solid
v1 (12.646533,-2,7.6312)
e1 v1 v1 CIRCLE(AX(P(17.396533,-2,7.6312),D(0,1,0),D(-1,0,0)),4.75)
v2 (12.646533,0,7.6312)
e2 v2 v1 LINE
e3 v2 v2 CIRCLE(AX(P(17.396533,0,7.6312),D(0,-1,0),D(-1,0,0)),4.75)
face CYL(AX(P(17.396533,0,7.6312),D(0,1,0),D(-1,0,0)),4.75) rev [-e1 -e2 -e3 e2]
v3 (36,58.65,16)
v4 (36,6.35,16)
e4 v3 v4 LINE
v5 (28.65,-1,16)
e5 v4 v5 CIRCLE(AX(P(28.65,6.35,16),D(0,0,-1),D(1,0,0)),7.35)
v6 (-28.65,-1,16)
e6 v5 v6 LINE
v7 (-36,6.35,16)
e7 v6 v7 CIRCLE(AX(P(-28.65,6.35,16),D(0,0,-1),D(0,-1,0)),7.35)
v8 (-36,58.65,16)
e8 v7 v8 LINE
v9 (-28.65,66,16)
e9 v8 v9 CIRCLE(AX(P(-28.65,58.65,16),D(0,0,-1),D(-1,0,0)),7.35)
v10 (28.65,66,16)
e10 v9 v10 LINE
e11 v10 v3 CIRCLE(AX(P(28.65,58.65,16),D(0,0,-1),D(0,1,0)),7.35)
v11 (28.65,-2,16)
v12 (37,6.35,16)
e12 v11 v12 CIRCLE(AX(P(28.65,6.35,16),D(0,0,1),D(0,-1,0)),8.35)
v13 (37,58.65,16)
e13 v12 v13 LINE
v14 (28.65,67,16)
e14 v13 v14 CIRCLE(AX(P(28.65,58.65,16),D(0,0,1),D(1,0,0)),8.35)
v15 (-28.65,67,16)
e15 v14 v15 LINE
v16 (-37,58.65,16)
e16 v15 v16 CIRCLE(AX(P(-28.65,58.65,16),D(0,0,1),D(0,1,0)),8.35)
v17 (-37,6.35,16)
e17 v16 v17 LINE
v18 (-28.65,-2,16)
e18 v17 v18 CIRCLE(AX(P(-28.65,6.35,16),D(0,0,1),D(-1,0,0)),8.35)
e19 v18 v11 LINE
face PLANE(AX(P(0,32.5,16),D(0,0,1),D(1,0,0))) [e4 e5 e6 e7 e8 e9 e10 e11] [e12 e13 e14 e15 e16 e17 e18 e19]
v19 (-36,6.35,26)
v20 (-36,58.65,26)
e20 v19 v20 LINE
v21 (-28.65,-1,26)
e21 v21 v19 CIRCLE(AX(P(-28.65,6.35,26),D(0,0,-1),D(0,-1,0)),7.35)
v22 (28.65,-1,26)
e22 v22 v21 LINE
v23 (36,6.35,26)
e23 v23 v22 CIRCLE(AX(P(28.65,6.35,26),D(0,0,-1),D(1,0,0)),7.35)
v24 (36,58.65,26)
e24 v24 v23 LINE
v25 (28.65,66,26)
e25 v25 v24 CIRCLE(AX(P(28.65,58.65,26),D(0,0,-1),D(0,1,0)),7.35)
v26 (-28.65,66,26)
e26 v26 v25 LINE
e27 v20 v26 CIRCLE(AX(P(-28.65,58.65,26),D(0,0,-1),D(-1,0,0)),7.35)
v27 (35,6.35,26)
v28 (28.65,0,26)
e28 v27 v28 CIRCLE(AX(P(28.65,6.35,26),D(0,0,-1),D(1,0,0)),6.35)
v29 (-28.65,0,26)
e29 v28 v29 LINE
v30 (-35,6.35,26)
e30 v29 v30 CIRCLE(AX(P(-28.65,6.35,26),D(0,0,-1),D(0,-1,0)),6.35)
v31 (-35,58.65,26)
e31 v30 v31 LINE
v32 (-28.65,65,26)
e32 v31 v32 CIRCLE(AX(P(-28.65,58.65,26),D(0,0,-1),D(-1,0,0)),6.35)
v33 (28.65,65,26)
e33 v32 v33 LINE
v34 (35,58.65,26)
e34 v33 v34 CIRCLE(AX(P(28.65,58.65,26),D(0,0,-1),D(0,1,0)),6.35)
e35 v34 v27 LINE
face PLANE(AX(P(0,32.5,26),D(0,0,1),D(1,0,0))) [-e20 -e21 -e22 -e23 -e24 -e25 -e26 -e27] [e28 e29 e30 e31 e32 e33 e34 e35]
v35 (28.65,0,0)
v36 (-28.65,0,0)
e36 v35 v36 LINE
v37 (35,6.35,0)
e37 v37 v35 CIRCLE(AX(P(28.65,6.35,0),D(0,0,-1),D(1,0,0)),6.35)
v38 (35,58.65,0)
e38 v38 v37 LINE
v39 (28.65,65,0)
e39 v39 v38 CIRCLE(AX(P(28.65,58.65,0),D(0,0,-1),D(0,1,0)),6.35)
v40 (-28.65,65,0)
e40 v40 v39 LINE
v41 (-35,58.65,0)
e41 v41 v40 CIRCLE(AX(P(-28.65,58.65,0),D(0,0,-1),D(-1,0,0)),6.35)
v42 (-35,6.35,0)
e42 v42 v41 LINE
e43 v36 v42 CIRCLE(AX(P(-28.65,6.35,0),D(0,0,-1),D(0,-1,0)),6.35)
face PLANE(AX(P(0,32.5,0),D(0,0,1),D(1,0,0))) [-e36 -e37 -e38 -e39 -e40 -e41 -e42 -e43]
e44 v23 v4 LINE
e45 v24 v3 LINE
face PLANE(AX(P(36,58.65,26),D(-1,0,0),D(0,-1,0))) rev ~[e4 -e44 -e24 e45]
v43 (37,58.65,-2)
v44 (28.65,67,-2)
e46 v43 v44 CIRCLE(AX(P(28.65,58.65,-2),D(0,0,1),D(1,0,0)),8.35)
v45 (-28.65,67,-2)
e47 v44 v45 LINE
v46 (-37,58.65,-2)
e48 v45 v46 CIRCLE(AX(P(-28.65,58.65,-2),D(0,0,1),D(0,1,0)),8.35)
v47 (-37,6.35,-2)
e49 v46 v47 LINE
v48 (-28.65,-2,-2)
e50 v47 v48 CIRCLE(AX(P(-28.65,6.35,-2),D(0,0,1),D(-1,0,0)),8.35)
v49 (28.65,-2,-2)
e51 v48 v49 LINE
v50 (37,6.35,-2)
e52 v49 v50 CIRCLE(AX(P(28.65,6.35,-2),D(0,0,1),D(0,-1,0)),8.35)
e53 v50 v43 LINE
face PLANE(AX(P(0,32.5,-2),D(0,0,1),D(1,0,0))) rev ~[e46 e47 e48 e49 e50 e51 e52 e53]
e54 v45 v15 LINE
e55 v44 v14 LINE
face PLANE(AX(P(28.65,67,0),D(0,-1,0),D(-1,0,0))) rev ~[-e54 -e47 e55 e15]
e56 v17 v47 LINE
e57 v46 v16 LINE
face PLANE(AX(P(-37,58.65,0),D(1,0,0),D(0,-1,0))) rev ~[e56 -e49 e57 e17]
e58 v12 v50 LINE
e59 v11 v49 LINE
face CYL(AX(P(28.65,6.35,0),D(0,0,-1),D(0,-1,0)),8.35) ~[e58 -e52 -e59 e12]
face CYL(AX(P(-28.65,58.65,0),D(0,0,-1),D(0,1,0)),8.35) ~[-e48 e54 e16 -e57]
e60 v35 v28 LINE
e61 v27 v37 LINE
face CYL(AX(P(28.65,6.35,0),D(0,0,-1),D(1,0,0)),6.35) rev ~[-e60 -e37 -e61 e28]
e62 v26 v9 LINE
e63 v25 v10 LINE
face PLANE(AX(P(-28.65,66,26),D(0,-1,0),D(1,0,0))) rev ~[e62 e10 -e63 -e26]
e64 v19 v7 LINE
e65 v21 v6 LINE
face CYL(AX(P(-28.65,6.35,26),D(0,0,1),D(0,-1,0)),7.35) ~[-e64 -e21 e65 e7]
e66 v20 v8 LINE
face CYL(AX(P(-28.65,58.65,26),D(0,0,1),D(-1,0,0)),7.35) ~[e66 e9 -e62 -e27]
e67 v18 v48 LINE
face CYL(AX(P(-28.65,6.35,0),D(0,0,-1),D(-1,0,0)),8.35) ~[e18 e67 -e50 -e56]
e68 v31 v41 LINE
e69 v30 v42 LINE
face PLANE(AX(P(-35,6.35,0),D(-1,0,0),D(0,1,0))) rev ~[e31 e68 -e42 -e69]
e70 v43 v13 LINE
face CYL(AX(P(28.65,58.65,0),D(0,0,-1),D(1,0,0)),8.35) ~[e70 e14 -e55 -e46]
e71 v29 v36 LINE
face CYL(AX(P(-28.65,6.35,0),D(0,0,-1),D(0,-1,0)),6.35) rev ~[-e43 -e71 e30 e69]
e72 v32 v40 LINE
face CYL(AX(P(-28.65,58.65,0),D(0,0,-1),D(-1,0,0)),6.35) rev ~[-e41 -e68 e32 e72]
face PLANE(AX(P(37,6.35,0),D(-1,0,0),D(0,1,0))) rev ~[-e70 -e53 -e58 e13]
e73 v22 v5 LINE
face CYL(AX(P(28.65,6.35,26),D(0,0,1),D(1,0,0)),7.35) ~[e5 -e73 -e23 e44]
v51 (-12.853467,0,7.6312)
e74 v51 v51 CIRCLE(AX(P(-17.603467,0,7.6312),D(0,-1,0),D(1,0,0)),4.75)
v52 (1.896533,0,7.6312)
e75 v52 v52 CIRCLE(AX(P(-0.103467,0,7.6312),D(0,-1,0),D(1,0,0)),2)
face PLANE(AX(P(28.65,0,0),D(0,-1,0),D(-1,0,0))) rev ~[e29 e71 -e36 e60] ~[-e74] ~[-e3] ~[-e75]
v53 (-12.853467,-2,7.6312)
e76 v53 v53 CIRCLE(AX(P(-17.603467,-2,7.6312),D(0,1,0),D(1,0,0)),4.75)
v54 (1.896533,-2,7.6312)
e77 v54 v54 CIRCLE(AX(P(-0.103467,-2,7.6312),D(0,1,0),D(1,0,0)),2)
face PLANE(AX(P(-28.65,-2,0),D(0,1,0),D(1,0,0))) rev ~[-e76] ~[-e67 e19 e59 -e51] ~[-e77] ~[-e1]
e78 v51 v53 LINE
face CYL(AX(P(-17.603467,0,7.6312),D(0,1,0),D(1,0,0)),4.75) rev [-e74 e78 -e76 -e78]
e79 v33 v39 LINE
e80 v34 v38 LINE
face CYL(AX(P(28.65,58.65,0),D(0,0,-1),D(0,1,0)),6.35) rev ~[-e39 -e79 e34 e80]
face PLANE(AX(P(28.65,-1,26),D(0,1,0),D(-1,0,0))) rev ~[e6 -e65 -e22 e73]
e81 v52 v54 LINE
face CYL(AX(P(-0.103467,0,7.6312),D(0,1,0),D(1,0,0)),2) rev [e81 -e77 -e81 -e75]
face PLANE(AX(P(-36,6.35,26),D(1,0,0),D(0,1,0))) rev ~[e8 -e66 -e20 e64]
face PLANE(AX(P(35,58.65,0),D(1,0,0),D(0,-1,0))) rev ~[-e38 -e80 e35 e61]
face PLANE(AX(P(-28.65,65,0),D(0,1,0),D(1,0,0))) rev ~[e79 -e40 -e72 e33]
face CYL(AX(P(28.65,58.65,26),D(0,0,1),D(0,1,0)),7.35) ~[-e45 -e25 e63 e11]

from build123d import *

# Parameters (mm, degrees)
F1_DEPTH = 2
F2_DEPTH = 26
F4_DEPTH = 25.4
F6_DEPTH = 10
F7_R     = 4.75
F8_DEPTH = 25.4


with BuildPart() as f1:
    # F0 (on Top) → F1 (new body)
    with BuildSketch(Plane.XY):
        with BuildLine():
            Line((37, 6.35), (37, 58.65))
            ThreePointArc((37, 58.65), (34.5543416229, 64.5543416229), (28.65, 67))
            Line((28.65, 67), (-28.65, 67))
            ThreePointArc((-28.65, 67), (-34.5543416229, 64.5543416229), (-37, 58.65))
            Line((-37, 58.65), (-37, 6.35))
            ThreePointArc((-37, 6.35), (-34.5543416229, 0.4456583771), (-28.65, -2))
            Line((-28.65, -2), (0, -2))
            Line((0, -2), (28.65, -2))
            ThreePointArc((28.65, -2), (34.5543416229, 0.4456583771), (37, 6.35))
        make_face()
        with BuildLine():
            Line((28.65, 0), (0, 0))
            Line((0, 0), (-28.65, 0))
            ThreePointArc((-28.65, 0), (-33.1401280605, 1.8598719395), (-35, 6.35))
            Line((-35, 6.35), (-35, 58.65))
            ThreePointArc((-35, 58.65), (-33.1401280605, 63.1401280605), (-28.65, 65))
            Line((-28.65, 65), (28.65, 65))
            ThreePointArc((28.65, 65), (33.1401280605, 63.1401280605), (35, 58.65))
            Line((35, 58.65), (35, 6.35))
            ThreePointArc((35, 6.35), (33.1401280605, 1.8598719395), (28.65, 0))
        make_face(mode=Mode.SUBTRACT)
        with BuildLine():
            Line((-28.65, 0), (0, 0))
            Line((0, 0), (28.65, 0))
            ThreePointArc((28.65, 0), (33.1401280605, 1.8598719395), (35, 6.35))
            Line((35, 6.35), (35, 58.65))
            ThreePointArc((35, 58.65), (33.1401280605, 63.1401280605), (28.65, 65))
            Line((28.65, 65), (-28.65, 65))
            ThreePointArc((-28.65, 65), (-33.1401280605, 63.1401280605), (-35, 58.65))
            Line((-35, 58.65), (-35, 6.35))
            ThreePointArc((-35, 6.35), (-33.1401280605, 1.8598719395), (-28.65, 0))
        make_face()
    extrude(amount=-F1_DEPTH)

    # F0 (on Top) → F2 (join)
    with BuildSketch(Plane.XY):
        with BuildLine():
            Line((37, 6.35), (37, 58.65))
            ThreePointArc((37, 58.65), (34.5543416229, 64.5543416229), (28.65, 67))
            Line((28.65, 67), (-28.65, 67))
            ThreePointArc((-28.65, 67), (-34.5543416229, 64.5543416229), (-37, 58.65))
            Line((-37, 58.65), (-37, 6.35))
            ThreePointArc((-37, 6.35), (-34.5543416229, 0.4456583771), (-28.65, -2))
            Line((-28.65, -2), (0, -2))
            Line((0, -2), (28.65, -2))
            ThreePointArc((28.65, -2), (34.5543416229, 0.4456583771), (37, 6.35))
        make_face()
        with BuildLine():
            Line((28.65, 0), (0, 0))
            Line((0, 0), (-28.65, 0))
            ThreePointArc((-28.65, 0), (-33.1401280605, 1.8598719395), (-35, 6.35))
            Line((-35, 6.35), (-35, 58.65))
            ThreePointArc((-35, 58.65), (-33.1401280605, 63.1401280605), (-28.65, 65))
            Line((-28.65, 65), (28.65, 65))
            ThreePointArc((28.65, 65), (33.1401280605, 63.1401280605), (35, 58.65))
            Line((35, 58.65), (35, 6.35))
            ThreePointArc((35, 6.35), (33.1401280605, 1.8598719395), (28.65, 0))
        make_face(mode=Mode.SUBTRACT)
    extrude(amount=F2_DEPTH)

    # F0 (on Top) → F4 (join)
    with BuildSketch(Plane.XY):
        with BuildLine():
            Line((37, 6.35), (37, 58.65))
            ThreePointArc((37, 58.65), (34.5543416229, 64.5543416229), (28.65, 67))
            Line((28.65, 67), (-28.65, 67))
            ThreePointArc((-28.65, 67), (-34.5543416229, 64.5543416229), (-37, 58.65))
            Line((-37, 58.65), (-37, 6.35))
            ThreePointArc((-37, 6.35), (-34.5543416229, 0.4456583771), (-28.65, -2))
            Line((-28.65, -2), (0, -2))
            Line((0, -2), (28.65, -2))
            ThreePointArc((28.65, -2), (34.5543416229, 0.4456583771), (37, 6.35))
        make_face()
        with BuildLine():
            Line((28.65, 0), (0, 0))
            Line((0, 0), (-28.65, 0))
            ThreePointArc((-28.65, 0), (-33.1401280605, 1.8598719395), (-35, 6.35))
            Line((-35, 6.35), (-35, 58.65))
            ThreePointArc((-35, 58.65), (-33.1401280605, 63.1401280605), (-28.65, 65))
            Line((-28.65, 65), (28.65, 65))
            ThreePointArc((28.65, 65), (33.1401280605, 63.1401280605), (35, 58.65))
            Line((35, 58.65), (35, 6.35))
            ThreePointArc((35, 6.35), (33.1401280605, 1.8598719395), (28.65, 0))
        make_face(mode=Mode.SUBTRACT)
    extrude(amount=F4_DEPTH)

    # F5 (on offset) → F6 (cut)
    with BuildSketch(Plane.XY.offset(26)):
        with BuildLine():
            Line((37, 6.35), (37, 58.65))
            ThreePointArc((37, 58.65), (34.5543416229, 64.5543416229), (28.65, 67))
            Line((28.65, 67), (-28.65, 67))
            ThreePointArc((-28.65, 67), (-34.5543416229, 64.5543416229), (-37, 58.65))
            Line((-37, 58.65), (-37, 6.35))
            ThreePointArc((-37, 6.35), (-34.5543416229, 0.4456583771), (-28.65, -2))
            Line((-28.65, -2), (0, -2))
            Line((0, -2), (28.65, -2))
            ThreePointArc((28.65, -2), (34.5543416229, 0.4456583771), (37, 6.35))
        make_face()
        with BuildLine():
            ThreePointArc((28.65, 66), (33.8472348417, 63.8472348417), (36, 58.65))
            Line((36, 58.65), (36, 6.35))
            ThreePointArc((36, 6.35), (33.8472348417, 1.1527651583), (28.65, -1))
            Line((28.65, -1), (0, -1))
            Line((0, -1), (-28.65, -1))
            ThreePointArc((-28.65, -1), (-33.8472348417, 1.1527651583), (-36, 6.35))
            Line((-36, 6.35), (-36, 58.65))
            ThreePointArc((-36, 58.65), (-33.8472348417, 63.8472348417), (-28.65, 66))
            Line((-28.65, 66), (28.65, 66))
        make_face(mode=Mode.SUBTRACT)
    extrude(amount=-F6_DEPTH, mode=Mode.SUBTRACT)

    # F7 (on Front) → F8 (cut)
    with BuildSketch(Plane.XZ):
        with BuildLine():
            Line((1.8965332347, 7.6312003657), (-0.1034667653, 7.6312003657))
            Line((-0.1034667653, 7.6312003657), (-2.1034667653, 7.6312003657))
            ThreePointArc((-2.1034667653, 7.6312003657), (-0.1034667653, 5.6312003657), (1.8965332347, 7.6312003657))
        make_face()
        with BuildLine():
            Line((-2.1034667653, 7.6312003657), (-0.1034667653, 7.6312003657))
            Line((-0.1034667653, 7.6312003657), (1.8965332347, 7.6312003657))
            ThreePointArc((1.8965332347, 7.6312003657), (-0.1034667653, 9.6312003657), (-2.1034667653, 7.6312003657))
        make_face()
        with Locations((-17.6034667653, 7.6312003657)):
            Circle(F7_R)
        with BuildLine():
            ThreePointArc((22.1465332347, 7.6312003657), (17.3965332347, 12.3812003657), (12.6465332347, 7.6312003657))
            Line((12.6465332347, 7.6312003657), (17.3965332347, 7.6312003657))
            Line((17.3965332347, 7.6312003657), (22.1465332347, 7.6312003657))
        make_face()
        with BuildLine():
            Line((17.3965332347, 7.6312003657), (12.6465332347, 7.6312003657))
            ThreePointArc((12.6465332347, 7.6312003657), (17.3965332347, 2.8812003657), (22.1465332347, 7.6312003657))
            Line((22.1465332347, 7.6312003657), (17.3965332347, 7.6312003657))
        make_face()
    extrude(amount=F8_DEPTH, mode=Mode.SUBTRACT)


solid = f1.part
